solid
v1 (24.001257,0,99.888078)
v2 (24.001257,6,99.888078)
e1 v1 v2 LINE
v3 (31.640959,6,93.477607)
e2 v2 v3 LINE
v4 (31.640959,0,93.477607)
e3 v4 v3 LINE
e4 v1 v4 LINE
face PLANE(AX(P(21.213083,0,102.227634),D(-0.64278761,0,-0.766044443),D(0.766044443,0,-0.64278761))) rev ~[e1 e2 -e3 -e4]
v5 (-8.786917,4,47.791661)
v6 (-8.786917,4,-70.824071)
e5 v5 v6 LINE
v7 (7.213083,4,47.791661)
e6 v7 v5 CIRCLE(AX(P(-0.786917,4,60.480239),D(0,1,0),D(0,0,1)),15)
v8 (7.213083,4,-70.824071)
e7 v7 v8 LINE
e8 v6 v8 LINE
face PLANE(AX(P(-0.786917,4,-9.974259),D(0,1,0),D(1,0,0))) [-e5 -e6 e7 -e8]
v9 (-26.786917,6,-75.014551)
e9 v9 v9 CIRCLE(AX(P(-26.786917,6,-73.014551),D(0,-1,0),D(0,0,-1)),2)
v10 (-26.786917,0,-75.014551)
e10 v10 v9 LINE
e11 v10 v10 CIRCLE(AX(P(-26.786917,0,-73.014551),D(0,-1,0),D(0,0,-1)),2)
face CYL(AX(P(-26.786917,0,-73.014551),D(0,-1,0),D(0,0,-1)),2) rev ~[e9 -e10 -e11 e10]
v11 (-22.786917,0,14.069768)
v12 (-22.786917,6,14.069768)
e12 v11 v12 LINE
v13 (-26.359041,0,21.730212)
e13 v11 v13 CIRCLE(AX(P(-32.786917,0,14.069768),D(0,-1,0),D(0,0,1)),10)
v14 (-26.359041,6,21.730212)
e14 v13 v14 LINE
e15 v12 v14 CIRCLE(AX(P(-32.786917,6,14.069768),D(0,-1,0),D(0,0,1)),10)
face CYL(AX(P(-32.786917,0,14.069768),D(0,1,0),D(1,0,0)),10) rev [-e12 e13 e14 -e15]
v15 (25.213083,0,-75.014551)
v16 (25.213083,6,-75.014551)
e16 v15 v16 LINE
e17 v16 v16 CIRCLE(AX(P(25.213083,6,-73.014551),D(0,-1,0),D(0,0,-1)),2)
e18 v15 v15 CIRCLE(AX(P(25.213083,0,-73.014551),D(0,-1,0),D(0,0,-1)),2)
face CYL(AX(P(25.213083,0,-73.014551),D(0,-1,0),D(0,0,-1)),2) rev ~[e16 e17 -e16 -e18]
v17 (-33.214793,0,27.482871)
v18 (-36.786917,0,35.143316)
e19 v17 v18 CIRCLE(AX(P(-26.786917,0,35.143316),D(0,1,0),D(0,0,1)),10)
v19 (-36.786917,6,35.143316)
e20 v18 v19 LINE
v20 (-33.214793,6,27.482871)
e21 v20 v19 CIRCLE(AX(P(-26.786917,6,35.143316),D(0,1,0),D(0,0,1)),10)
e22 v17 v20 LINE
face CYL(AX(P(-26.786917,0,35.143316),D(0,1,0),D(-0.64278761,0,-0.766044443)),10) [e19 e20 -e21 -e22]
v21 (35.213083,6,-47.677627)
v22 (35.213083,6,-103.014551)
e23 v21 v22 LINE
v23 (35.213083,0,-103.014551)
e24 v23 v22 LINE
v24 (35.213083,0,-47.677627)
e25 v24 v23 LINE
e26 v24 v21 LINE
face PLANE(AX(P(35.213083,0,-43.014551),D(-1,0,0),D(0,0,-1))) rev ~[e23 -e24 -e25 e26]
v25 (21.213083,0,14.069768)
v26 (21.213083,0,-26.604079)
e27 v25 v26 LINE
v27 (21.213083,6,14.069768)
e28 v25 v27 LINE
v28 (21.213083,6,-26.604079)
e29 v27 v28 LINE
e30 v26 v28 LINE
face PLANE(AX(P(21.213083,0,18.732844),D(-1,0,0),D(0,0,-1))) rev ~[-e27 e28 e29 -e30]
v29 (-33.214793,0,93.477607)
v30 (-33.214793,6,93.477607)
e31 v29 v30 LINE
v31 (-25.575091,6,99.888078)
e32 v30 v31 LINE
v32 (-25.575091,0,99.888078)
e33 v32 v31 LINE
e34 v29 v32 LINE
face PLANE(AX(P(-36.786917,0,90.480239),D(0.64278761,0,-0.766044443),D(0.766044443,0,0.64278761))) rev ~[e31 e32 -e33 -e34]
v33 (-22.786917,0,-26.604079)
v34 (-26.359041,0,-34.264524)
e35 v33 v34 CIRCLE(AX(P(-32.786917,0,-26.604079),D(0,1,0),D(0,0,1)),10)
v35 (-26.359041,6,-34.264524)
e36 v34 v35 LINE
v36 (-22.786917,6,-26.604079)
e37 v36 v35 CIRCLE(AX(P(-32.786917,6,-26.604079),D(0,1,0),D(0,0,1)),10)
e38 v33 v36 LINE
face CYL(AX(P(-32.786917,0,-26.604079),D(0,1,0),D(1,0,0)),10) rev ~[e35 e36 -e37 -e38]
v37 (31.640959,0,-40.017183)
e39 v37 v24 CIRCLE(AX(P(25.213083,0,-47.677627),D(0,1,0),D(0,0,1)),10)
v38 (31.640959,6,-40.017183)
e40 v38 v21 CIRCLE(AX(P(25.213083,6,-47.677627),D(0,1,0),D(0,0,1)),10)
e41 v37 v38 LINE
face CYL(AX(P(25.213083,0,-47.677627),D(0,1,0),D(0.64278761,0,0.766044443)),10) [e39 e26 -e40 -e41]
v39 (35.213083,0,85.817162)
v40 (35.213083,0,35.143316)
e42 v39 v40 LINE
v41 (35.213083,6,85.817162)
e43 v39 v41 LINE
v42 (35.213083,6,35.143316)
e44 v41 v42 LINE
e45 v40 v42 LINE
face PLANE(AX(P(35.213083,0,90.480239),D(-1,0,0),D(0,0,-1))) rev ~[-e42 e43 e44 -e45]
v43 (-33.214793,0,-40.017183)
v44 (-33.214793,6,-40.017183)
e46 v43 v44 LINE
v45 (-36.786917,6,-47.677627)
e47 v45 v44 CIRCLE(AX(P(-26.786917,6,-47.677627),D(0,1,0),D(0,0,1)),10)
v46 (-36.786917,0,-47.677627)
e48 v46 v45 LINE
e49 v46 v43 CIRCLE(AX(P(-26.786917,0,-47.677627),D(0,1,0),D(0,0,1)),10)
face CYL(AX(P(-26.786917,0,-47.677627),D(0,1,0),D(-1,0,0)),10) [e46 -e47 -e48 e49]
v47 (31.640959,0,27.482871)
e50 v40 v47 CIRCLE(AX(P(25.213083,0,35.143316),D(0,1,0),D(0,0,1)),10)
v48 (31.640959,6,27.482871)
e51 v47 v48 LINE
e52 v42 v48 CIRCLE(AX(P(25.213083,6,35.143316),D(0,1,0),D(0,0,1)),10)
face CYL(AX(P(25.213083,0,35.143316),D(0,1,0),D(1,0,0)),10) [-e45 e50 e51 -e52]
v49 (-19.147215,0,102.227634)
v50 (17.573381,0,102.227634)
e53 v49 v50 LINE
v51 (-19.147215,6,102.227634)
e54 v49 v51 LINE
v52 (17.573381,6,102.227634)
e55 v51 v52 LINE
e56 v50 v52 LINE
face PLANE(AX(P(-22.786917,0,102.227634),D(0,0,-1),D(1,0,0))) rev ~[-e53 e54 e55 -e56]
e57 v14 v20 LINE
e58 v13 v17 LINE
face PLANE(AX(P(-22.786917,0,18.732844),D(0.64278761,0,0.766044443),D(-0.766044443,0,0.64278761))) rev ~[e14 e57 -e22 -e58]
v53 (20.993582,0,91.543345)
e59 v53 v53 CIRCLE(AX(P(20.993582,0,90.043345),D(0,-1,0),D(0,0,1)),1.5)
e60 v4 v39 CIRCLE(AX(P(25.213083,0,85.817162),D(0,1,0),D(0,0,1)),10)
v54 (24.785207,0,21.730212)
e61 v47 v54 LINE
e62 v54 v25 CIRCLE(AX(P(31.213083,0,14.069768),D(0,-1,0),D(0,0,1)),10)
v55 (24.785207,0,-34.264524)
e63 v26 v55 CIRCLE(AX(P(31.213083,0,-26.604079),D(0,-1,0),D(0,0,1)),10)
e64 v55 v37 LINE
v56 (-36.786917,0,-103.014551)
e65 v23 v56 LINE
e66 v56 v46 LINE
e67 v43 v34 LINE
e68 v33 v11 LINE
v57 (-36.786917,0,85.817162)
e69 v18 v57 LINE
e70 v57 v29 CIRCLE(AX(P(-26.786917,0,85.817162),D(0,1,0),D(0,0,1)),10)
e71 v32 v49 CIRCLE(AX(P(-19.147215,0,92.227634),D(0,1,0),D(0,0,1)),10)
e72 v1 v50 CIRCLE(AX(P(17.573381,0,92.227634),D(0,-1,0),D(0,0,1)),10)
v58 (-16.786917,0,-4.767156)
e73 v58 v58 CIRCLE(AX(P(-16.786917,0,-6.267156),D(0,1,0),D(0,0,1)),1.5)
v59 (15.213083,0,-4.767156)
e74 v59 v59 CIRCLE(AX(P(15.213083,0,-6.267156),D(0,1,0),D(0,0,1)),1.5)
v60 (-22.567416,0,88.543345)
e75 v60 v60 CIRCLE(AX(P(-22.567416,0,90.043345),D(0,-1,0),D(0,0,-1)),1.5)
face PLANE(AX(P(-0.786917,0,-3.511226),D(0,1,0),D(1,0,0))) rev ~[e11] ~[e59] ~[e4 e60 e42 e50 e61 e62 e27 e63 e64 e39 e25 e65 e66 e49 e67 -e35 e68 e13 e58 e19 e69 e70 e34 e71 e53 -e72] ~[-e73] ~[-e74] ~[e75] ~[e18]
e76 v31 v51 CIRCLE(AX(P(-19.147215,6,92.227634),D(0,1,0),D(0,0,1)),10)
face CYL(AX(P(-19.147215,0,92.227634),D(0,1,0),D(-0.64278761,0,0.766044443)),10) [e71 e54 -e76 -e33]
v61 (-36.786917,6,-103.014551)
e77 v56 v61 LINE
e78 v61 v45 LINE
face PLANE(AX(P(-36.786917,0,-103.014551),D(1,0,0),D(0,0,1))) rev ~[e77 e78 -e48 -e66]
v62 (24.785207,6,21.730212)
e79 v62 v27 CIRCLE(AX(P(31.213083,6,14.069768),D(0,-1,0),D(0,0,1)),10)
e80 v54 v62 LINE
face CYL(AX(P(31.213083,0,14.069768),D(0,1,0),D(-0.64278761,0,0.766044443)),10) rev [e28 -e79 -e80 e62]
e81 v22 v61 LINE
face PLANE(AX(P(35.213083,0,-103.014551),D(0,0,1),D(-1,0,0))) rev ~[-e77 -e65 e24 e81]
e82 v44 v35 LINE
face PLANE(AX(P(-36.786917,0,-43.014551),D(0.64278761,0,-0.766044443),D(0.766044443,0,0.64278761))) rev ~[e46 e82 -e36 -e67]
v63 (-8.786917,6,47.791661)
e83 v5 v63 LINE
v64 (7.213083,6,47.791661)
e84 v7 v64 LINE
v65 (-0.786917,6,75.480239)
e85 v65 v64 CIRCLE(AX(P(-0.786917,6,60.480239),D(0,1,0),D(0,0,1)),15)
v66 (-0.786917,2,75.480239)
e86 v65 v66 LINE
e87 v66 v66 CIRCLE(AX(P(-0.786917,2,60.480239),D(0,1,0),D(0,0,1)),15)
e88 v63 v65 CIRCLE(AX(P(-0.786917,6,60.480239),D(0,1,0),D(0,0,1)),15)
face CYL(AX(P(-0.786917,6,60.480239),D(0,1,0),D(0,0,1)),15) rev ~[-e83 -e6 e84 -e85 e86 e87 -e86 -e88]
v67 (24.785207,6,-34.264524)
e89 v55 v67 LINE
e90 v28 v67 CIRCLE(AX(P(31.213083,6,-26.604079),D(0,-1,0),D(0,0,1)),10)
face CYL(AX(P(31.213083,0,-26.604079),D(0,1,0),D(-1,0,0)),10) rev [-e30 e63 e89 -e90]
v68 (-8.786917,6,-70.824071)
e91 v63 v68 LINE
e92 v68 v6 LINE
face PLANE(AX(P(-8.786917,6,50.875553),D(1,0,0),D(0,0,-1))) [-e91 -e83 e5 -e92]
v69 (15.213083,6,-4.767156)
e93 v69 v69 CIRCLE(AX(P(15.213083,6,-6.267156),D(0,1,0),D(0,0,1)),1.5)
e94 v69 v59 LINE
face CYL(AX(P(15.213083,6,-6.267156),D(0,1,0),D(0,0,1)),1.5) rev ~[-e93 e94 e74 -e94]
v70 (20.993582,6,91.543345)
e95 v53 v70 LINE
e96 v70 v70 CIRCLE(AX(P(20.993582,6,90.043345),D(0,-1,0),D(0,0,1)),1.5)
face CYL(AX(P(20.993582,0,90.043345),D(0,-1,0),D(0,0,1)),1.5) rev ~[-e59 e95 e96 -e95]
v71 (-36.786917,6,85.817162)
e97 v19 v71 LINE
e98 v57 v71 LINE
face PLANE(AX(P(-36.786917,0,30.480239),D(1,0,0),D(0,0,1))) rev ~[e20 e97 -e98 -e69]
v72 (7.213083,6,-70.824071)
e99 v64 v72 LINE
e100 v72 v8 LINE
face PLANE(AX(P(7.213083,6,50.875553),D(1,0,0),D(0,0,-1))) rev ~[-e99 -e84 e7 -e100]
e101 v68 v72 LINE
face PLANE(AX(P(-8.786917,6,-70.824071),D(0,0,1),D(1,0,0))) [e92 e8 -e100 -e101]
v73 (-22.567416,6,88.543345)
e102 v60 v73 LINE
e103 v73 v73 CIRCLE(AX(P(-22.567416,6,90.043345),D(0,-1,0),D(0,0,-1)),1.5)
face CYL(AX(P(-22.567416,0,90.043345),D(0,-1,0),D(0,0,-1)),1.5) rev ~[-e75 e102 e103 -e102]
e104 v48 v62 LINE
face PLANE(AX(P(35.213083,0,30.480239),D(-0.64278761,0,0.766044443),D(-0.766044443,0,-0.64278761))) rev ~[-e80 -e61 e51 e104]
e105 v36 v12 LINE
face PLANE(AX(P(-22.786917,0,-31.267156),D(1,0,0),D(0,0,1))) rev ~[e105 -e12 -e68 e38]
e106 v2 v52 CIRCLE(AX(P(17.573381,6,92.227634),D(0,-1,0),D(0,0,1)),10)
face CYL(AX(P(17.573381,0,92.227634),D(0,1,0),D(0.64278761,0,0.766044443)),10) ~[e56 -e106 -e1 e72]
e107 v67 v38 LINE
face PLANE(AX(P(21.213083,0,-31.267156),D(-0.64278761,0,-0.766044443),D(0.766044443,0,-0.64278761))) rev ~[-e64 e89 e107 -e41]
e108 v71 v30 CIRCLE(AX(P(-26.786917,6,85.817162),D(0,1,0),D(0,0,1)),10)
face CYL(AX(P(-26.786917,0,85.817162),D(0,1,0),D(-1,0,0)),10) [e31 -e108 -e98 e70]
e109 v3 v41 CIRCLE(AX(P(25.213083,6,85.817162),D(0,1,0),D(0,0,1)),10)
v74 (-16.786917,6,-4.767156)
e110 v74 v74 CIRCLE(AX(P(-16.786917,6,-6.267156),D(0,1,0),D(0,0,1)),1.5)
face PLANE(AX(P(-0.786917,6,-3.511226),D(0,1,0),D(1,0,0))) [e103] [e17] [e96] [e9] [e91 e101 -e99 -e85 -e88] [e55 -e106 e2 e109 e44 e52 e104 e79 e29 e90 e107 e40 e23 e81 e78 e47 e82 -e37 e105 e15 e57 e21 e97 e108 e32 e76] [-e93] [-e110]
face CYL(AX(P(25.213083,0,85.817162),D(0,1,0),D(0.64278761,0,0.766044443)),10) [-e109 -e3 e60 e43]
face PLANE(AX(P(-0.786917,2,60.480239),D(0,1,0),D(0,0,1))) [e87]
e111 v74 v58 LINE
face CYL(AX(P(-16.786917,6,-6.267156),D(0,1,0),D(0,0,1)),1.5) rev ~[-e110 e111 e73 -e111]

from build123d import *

# Parameters (mm, degrees)
BOSS_EXTRUDE1_DEPTH = 6
FILLET1_R           = 10
SKETCH2_R           = 2.5
CUT_EXTRUDE1_DEPTH  = 6
SKETCH8_W           = 16
SKETCH8_H           = 121.699623713
CUT_EXTRUDE5_DEPTH  = 2
SKETCH9_R           = 15
CUT_EXTRUDE6_DEPTH  = 4
SKETCH10_R          = 4.460390543
BOSS_EXTRUDE2_DEPTH = 2
FILLET2_R           = 10
SKETCH12_R          = 1.5
CUT_EXTRUDE7_DEPTH  = 10
SKETCH13_R          = 1.5
CUT_EXTRUDE8_DEPTH  = 10
SKETCH14_R          = 2
CUT_EXTRUDE9_DEPTH  = 10


with BuildPart() as part:
    # Sketch1 → Boss-Extrude1 (new body)
    with BuildSketch(Plane(origin=(0, 0, 0), x_dir=(1, 0, 0), z_dir=(0, 1, 0))):
        Polygon((21.213083016, -102.227633762), (35.213083016, -90.480238926), (35.213083016, -30.480238926), (21.213083016, -18.73284409), (21.213083016, 31.26715591), (35.213083016, 43.014550747), (35.213083016, 103.014550747), (-36.786916984, 103.014550747), (-36.786916984, 43.014550747), (-22.786916984, 31.26715591), (-22.786916984, -18.73284409), (-36.786916984, -30.480238926), (-36.786916984, -90.480238926), (-22.786916984, -102.227633762), align=None)
    extrude(amount=BOSS_EXTRUDE1_DEPTH)

    # Fillet1
    fillet1_edges = [part.edges().sort_by_distance(p)[0] for p in [
        (-22.786916984, 3, 102.227633762),
        (-36.786916984, 3, 90.480238926),
        (-36.786916984, 3, 30.480238926),
        (-22.786916984, 3, 18.73284409),
        (21.213083016, 3, 18.73284409),
        (35.213083016, 3, 30.480238926),
        (35.213083016, 3, 90.480238926),
        (21.213083016, 3, 102.227633762),
    ]]
    fillet(fillet1_edges, radius=FILLET1_R)

    # Sketch2 → Cut-Extrude1 (cut)
    with BuildSketch(Plane.XZ):
        with Locations(Location((-0.786916984, 60.480238926, 0), (0, 0, 270))):
            Circle(SKETCH2_R)
    extrude(amount=-CUT_EXTRUDE1_DEPTH, mode=Mode.SUBTRACT)

    # Sketch8 → Cut-Extrude5 (cut)
    with BuildSketch(Plane(origin=(0, 6, 0), x_dir=(1, 0, 0), z_dir=(0, 1, 0))):
        with Locations((-0.786916984, 9.974259286)):
            Rectangle(SKETCH8_W, SKETCH8_H)
    extrude(amount=-CUT_EXTRUDE5_DEPTH, mode=Mode.SUBTRACT)

    # Sketch9 → Cut-Extrude6 (cut)
    with BuildSketch(Plane(origin=(0, 6, 0), x_dir=(1, 0, 0), z_dir=(0, 1, 0))):
        with Locations(Location((-0.786916984, -60.480238926, 0), (0, 0, 270))):
            Circle(SKETCH9_R)
    extrude(amount=-CUT_EXTRUDE6_DEPTH, mode=Mode.SUBTRACT)

    # Sketch10 → Boss-Extrude2 (add)
    with BuildSketch(Plane(origin=(0, 2, 0), x_dir=(1, 0, 0), z_dir=(0, 1, 0))):
        with Locations((-0.786916984, -60.480238926)):
            Circle(SKETCH10_R)
    extrude(amount=-BOSS_EXTRUDE2_DEPTH)

    # Fillet2
    fillet2_edges = [part.edges().sort_by_distance(p)[0] for p in [
        (-22.786916984, 3, -31.26715591),
        (-36.786916984, 3, -43.014550747),
        (35.213083016, 3, -43.014550747),
        (21.213083016, 3, -31.26715591),
    ]]
    fillet(fillet2_edges, radius=FILLET2_R)

    # Sketch12 → Cut-Extrude7 (cut)
    with BuildSketch(Plane(origin=(0, 6, 0), x_dir=(1, 0, 0), z_dir=(0, 1, 0))):
        with Locations(Location((15.213083016, 6.26715591, 0), (0, 0, 270))):
            Circle(SKETCH12_R)
        with Locations(Location((-16.786916984, 6.26715591, 0), (0, 0, 270))):
            Circle(SKETCH12_R)
    extrude(amount=-CUT_EXTRUDE7_DEPTH, mode=Mode.SUBTRACT)

    # Sketch13 → Cut-Extrude8 (cut)
    with BuildSketch(Plane.XZ):
        with Locations(Location((-22.567416075, 90.043344962, 0), (0, 0, 270))):
            Circle(SKETCH13_R)
        with Locations(Location((20.993582106, 90.043344962, 0), (0, 0, 90))):
            Circle(SKETCH13_R)
    extrude(amount=-CUT_EXTRUDE8_DEPTH, mode=Mode.SUBTRACT)

    # Sketch14 → Cut-Extrude9 (cut)
    with BuildSketch(Plane.XZ):
        with Locations(Location((-26.786916984, -73.014550747, 0), (0, 0, 270))):
            Circle(SKETCH14_R)
        with Locations(Location((25.213083016, -73.014550747, 0), (0, 0, 270))):
            Circle(SKETCH14_R)
    extrude(amount=-CUT_EXTRUDE9_DEPTH, mode=Mode.SUBTRACT)


solid = part.part
